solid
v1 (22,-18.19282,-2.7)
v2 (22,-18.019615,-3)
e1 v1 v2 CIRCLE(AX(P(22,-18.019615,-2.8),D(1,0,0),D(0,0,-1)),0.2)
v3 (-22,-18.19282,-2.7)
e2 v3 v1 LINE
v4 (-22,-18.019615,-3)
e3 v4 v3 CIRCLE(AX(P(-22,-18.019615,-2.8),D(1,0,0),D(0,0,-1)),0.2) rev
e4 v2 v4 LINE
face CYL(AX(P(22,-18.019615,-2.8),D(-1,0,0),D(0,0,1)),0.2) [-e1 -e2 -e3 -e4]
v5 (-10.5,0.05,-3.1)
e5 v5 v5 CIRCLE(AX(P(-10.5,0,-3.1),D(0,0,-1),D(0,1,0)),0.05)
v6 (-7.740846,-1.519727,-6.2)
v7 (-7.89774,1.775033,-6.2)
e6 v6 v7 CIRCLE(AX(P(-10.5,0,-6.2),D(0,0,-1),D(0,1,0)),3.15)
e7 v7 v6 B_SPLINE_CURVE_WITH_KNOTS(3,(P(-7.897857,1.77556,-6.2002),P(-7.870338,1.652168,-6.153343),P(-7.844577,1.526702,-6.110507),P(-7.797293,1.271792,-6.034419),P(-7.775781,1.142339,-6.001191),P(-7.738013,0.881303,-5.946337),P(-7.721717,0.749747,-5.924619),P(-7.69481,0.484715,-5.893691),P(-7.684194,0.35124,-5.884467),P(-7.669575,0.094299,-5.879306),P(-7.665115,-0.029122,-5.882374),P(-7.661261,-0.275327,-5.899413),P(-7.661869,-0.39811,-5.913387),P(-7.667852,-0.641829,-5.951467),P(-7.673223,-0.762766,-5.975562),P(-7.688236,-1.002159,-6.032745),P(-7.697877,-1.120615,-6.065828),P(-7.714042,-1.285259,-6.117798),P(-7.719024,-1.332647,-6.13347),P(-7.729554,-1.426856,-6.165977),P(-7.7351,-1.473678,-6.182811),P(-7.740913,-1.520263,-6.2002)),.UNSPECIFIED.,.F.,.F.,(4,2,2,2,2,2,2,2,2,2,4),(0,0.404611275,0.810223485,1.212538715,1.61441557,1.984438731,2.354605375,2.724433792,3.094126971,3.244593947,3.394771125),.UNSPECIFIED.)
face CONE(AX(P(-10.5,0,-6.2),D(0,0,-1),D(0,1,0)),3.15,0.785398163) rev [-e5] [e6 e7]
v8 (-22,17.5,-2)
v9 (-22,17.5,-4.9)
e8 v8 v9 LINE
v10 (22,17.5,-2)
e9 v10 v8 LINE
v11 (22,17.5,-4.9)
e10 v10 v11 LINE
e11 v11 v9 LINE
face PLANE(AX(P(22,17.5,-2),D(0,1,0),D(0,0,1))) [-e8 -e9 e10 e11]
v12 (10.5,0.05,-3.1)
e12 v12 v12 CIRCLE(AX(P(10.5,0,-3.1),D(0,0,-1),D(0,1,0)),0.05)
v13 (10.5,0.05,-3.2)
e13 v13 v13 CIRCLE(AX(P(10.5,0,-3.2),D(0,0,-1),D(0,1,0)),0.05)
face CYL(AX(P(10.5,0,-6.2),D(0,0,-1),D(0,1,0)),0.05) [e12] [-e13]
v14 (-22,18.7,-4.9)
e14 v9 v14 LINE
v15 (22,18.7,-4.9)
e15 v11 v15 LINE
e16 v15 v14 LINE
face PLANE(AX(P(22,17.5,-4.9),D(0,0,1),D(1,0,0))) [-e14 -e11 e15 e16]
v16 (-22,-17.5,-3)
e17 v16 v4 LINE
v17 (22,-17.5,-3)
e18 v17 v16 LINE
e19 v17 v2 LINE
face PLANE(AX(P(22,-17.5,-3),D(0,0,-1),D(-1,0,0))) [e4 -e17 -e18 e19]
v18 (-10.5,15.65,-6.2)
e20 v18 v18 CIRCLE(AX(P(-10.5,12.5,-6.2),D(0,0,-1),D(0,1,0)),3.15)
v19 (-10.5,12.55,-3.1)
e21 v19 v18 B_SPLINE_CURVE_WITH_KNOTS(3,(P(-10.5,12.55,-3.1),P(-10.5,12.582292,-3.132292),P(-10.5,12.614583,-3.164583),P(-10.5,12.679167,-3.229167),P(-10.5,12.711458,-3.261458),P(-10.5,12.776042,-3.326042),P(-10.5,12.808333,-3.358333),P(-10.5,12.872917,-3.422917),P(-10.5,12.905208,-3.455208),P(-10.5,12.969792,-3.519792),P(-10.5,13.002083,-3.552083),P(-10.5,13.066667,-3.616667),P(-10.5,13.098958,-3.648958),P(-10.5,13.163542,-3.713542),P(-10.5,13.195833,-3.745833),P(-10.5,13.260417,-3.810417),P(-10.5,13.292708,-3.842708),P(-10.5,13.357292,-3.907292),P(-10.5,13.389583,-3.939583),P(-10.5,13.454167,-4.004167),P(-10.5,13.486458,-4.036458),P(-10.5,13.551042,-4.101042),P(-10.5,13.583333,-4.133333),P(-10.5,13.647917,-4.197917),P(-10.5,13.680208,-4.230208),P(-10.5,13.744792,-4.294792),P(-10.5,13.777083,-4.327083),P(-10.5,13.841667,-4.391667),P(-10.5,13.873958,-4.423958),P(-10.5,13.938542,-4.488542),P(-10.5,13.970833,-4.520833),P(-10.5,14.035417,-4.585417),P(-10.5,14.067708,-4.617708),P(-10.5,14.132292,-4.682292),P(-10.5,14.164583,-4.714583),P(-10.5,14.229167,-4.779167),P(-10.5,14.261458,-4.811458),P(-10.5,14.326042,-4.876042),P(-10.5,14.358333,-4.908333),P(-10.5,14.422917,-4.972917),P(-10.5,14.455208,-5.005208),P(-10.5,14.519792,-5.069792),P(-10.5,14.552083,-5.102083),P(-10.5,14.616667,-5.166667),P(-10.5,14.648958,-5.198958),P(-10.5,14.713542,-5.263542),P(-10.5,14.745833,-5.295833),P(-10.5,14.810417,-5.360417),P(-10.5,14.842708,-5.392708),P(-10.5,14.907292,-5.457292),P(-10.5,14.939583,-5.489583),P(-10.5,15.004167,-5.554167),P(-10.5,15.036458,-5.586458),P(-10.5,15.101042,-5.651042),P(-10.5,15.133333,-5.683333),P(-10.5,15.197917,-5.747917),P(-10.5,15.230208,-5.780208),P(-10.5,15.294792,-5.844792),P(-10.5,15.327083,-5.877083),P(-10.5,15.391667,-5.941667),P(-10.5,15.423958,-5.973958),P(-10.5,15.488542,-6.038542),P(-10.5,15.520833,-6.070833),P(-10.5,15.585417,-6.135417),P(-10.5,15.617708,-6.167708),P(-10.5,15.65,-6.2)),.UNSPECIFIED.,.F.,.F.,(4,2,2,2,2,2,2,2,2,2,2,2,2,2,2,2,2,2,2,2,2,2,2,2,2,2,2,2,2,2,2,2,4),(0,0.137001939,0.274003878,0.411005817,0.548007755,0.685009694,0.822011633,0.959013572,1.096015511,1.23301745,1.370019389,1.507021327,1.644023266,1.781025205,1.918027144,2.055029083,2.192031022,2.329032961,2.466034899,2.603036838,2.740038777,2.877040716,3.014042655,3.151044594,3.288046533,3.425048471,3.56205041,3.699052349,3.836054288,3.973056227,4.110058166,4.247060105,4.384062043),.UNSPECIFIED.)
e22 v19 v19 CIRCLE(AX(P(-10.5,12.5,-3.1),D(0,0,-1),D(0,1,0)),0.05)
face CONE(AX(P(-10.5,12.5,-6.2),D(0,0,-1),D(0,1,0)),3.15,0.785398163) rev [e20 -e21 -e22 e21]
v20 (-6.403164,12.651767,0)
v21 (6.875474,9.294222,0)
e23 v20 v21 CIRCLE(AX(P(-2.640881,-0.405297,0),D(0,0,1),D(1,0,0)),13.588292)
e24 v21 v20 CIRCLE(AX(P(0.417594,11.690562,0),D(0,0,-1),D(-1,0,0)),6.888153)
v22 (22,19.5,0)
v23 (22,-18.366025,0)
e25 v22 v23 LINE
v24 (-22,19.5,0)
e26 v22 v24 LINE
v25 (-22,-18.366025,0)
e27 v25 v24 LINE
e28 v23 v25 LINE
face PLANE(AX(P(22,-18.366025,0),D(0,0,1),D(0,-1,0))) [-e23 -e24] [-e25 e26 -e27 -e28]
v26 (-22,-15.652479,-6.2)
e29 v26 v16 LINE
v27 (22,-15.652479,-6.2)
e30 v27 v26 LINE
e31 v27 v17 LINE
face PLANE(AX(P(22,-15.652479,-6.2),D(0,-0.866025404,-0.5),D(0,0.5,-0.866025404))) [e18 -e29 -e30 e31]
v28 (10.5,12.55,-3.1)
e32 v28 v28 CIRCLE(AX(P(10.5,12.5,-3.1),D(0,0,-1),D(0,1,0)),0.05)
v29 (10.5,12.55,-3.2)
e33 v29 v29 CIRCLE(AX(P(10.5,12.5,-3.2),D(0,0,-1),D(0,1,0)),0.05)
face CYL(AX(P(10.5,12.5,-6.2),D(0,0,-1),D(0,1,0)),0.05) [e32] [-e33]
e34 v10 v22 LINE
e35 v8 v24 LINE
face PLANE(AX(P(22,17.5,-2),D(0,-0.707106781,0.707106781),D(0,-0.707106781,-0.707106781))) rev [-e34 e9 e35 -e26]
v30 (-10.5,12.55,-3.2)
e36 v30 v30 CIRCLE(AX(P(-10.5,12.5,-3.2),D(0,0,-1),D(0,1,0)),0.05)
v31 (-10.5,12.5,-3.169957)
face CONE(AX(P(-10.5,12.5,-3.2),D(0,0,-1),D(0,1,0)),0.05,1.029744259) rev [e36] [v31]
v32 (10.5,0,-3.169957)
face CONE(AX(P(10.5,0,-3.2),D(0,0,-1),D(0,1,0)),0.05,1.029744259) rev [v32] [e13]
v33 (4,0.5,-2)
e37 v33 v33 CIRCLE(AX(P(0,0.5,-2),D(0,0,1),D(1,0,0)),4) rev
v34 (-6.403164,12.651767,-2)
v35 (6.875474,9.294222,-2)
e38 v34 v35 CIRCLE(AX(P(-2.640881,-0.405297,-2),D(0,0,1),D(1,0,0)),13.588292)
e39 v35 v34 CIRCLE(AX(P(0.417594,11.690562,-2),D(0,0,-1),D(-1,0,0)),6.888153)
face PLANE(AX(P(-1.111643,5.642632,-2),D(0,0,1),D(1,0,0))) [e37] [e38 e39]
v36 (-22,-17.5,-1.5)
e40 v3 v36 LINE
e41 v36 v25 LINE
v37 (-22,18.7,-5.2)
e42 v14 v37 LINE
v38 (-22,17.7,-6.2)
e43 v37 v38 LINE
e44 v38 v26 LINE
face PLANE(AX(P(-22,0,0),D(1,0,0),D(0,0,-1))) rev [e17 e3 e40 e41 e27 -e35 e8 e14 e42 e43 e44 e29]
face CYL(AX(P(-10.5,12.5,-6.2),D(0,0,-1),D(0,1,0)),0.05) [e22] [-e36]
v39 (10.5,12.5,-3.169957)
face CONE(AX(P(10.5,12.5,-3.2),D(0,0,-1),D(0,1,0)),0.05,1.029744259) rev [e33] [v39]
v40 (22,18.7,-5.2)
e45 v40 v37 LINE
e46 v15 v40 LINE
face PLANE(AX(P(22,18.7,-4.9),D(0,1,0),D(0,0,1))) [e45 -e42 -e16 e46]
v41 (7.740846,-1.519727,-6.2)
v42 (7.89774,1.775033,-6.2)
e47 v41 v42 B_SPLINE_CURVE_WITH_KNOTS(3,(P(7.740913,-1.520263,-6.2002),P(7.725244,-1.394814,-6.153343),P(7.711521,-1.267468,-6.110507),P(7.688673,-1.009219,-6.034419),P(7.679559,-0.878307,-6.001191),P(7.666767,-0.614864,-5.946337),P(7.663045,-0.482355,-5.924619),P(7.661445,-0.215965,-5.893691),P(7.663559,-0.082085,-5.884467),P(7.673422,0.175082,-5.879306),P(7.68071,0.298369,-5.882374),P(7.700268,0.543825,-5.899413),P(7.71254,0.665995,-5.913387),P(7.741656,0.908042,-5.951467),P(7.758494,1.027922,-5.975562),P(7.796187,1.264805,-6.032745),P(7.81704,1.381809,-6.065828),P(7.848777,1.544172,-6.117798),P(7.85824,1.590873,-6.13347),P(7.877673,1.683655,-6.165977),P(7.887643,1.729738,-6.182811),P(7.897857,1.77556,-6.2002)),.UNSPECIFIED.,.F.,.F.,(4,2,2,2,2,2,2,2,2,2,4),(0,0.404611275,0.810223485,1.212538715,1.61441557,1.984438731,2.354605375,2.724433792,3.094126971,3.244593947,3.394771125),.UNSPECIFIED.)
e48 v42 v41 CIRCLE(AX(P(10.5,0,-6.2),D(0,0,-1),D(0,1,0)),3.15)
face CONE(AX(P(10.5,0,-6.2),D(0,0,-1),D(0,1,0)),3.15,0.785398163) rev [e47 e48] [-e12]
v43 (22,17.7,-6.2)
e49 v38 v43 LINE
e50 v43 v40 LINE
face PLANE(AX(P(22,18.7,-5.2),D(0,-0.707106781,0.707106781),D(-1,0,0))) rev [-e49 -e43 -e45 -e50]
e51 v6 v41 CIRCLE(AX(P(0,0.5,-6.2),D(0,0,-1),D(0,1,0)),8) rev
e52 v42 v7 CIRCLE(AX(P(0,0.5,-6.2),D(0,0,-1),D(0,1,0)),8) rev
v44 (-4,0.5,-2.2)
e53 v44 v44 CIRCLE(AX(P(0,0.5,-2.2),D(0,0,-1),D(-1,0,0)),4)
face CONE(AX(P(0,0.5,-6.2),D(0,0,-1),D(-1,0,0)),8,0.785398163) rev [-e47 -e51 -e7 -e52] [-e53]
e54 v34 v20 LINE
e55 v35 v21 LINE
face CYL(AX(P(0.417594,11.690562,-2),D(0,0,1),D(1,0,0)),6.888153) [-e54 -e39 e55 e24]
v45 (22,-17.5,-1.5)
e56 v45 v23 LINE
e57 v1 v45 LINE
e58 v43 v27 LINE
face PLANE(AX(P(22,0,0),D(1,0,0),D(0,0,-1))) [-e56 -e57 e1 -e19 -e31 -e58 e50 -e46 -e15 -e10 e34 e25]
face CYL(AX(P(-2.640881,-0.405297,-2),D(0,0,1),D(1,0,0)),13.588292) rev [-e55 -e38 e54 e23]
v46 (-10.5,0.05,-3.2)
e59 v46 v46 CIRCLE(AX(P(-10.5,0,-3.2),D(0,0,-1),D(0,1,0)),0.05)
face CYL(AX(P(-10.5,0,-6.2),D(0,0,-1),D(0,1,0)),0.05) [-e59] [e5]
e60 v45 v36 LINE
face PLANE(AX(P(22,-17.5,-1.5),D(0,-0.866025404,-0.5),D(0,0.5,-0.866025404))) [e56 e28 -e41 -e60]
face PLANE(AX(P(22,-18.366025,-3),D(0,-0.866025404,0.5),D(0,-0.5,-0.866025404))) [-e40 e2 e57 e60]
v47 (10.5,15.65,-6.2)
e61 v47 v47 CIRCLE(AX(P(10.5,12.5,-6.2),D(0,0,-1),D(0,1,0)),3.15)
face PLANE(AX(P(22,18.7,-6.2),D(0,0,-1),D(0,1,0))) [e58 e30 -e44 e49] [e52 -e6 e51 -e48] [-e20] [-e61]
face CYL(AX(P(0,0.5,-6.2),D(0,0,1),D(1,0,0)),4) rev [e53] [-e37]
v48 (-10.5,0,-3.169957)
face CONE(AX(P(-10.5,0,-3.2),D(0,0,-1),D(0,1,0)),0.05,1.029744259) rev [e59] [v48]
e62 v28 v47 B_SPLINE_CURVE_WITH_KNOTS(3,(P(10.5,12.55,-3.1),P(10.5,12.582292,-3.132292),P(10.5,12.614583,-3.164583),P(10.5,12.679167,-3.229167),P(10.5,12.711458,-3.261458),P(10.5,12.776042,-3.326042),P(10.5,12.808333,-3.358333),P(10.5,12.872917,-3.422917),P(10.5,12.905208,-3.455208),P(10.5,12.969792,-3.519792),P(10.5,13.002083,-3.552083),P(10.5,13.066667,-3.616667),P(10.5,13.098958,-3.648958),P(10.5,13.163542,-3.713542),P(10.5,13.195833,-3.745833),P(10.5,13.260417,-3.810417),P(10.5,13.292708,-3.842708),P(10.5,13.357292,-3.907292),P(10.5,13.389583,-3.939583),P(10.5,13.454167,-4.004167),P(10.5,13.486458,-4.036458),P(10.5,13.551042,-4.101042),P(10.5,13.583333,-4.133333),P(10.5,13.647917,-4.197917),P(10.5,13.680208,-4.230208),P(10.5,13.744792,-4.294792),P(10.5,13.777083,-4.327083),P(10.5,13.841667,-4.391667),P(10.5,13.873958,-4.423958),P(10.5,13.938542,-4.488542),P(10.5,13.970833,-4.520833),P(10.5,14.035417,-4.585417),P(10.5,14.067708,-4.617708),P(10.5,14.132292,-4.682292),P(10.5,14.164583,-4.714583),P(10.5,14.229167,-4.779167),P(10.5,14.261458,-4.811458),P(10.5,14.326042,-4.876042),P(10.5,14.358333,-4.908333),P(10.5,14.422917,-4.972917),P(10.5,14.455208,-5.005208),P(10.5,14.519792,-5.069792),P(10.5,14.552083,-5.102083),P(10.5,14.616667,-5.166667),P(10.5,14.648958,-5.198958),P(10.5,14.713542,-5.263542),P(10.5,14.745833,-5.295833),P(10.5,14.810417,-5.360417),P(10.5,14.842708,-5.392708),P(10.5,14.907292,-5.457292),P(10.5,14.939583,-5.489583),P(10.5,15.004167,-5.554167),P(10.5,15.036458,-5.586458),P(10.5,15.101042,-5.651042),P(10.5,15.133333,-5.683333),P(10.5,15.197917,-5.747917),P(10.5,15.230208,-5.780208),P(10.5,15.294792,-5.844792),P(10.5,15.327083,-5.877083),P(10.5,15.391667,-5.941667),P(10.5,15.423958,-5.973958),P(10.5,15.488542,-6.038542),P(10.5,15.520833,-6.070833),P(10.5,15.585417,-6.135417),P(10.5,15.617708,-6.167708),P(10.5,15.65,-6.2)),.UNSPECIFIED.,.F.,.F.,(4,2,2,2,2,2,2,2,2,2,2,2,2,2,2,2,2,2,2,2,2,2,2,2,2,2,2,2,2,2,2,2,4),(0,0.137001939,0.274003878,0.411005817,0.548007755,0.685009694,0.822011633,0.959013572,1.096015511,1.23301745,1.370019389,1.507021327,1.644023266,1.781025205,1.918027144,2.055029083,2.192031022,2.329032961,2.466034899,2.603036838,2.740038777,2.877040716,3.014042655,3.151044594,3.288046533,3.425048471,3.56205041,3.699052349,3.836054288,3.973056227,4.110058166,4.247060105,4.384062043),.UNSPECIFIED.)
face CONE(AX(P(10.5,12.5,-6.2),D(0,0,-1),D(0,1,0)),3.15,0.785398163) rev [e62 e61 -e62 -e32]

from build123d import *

# Parameters (mm, degrees)
BOSS_EXTRUDE1_DEPTH                          = 22
CUT_EXTRUDE1_DEPTH                           = 31.044799883
CUT_EXTRUDE1_DEPTH_BACK                      = 31.044799883
SKETCH4_R                                    = 4
CHAMFER1_SIZE                                = 1
CHAMFER2_SIZE                                = 4
CSK_FOR_M3_COUNTERSUNK_FLAT_HEAD_SCR_2_COUNT = 2
CSK_FOR_M3_COUNTERSUNK_FLAT_HEAD_SCR_2_PITCH = 21
CSK_FOR_M3_COUNTERSUNK_FLAT_HEAD_SCR_3_COUNT = 2
CSK_FOR_M3_COUNTERSUNK_FLAT_HEAD_SCR_3_PITCH = 24.43869882
CSK_FOR_M3_COUNTERSUNK_FLAT_HEAD_SCR_4_COUNT = 2
CSK_FOR_M3_COUNTERSUNK_FLAT_HEAD_SCR_4_PITCH = 12.5
FILLET1_R                                    = 0.2
CUT_EXTRUDE2_DEPTH                           = 2


with BuildPart() as part:
    # Sketch2 → Boss-Extrude1 (new, symmetric)
    with BuildSketch(Plane(origin=(0, 0, 0), x_dir=(0, 0, -1), z_dir=(1, 0, 0))):
        Polygon((2, 17.5), (4.9, 17.5), (4.9, 18.7), (6.2, 18.7), (6.2, -15.652479139), (3, -17.5), (3, -18.366025404), (1.5, -17.5), (0, -18.366025404), (0, -17.5), (0, 17.5), (0, 19.5), align=None)
    extrude(amount=BOSS_EXTRUDE1_DEPTH, both=True)

    # Sketch4 → Cut-Extrude1 (cut, two sides: drawn at the far end of the back side and taken through both)
    with BuildSketch(Plane.XY.offset(-CUT_EXTRUDE1_DEPTH_BACK)):
        with Locations((0, 0.5)):
            Circle(SKETCH4_R)
    extrude(amount=CUT_EXTRUDE1_DEPTH + CUT_EXTRUDE1_DEPTH_BACK, mode=Mode.SUBTRACT)

    # Chamfer1
    chamfer1_edges = [part.edges().sort_by_distance(p)[0] for p in [
        (0, 18.7, -6.2),
    ]]
    chamfer(chamfer1_edges, length=CHAMFER1_SIZE)

    # Chamfer2
    chamfer2_edges = [part.edges().sort_by_distance(p)[0] for p in [
        (-4, 0.5, -6.2),
    ]]
    chamfer(chamfer2_edges, length=CHAMFER2_SIZE)

    # Sketch7 → CSK for M3 Countersunk Flat Head Screw1 (revolve, cut)
    with BuildSketch(Plane(origin=(10.5, 12.5, -6.2), x_dir=(0, 1, 0), z_dir=(1, 0, 0))):
        Polygon((0, 0), (0, 3.030043031), (0.05, 3), (0.05, 3.1), (3.15, 0), align=None)
    csk_for_m3_countersunk_flat_head_screw1 = revolve(axis=Axis((10.5, 12.5, -12.55), (0, 0, 1)), mode=Mode.SUBTRACT)

    # CSK for M3 Countersunk Flat Head Scr 2: CSK for M3 Countersunk Flat Head Screw1 ×2
    with Locations(*[(-i * CSK_FOR_M3_COUNTERSUNK_FLAT_HEAD_SCR_2_PITCH, 0, 0) for i in range(1, CSK_FOR_M3_COUNTERSUNK_FLAT_HEAD_SCR_2_COUNT)]):
        add(csk_for_m3_countersunk_flat_head_screw1, mode=Mode.SUBTRACT)

    # CSK for M3 Countersunk Flat Head Scr 3: CSK for M3 Countersunk Flat Head Screw1 ×2
    with Locations(*[Vector(-0.8592928844097067, -0.5114838597676826, 0) * (i * CSK_FOR_M3_COUNTERSUNK_FLAT_HEAD_SCR_3_PITCH) for i in range(1, CSK_FOR_M3_COUNTERSUNK_FLAT_HEAD_SCR_3_COUNT)]):
        add(csk_for_m3_countersunk_flat_head_screw1, mode=Mode.SUBTRACT)

    # CSK for M3 Countersunk Flat Head Scr 4: CSK for M3 Countersunk Flat Head Screw1 ×2
    with Locations(*[(0, -i * CSK_FOR_M3_COUNTERSUNK_FLAT_HEAD_SCR_4_PITCH, 0) for i in range(1, CSK_FOR_M3_COUNTERSUNK_FLAT_HEAD_SCR_4_COUNT)]):
        add(csk_for_m3_countersunk_flat_head_screw1, mode=Mode.SUBTRACT)

    # Fillet1
    fillet1_edges = [part.edges().sort_by_distance(p)[0] for p in [
        (0, -18.366025404, -3),
    ]]
    fillet(fillet1_edges, radius=FILLET1_R)

    # Sketch3 → Cut-Extrude2 (cut)
    with BuildSketch(Plane.XY):
        with BuildLine():
            ThreePointArc((6.875473952, 9.29422206), (-1.27095435, 5.012578964), (-6.403163839, 12.651766581))
            ThreePointArc((-6.403163839, 12.651766581), (-5.971888857, -13.578985861), (6.875473952, 9.29422206))
        make_face()
    extrude(amount=-CUT_EXTRUDE2_DEPTH, mode=Mode.SUBTRACT)


solid = part.part
